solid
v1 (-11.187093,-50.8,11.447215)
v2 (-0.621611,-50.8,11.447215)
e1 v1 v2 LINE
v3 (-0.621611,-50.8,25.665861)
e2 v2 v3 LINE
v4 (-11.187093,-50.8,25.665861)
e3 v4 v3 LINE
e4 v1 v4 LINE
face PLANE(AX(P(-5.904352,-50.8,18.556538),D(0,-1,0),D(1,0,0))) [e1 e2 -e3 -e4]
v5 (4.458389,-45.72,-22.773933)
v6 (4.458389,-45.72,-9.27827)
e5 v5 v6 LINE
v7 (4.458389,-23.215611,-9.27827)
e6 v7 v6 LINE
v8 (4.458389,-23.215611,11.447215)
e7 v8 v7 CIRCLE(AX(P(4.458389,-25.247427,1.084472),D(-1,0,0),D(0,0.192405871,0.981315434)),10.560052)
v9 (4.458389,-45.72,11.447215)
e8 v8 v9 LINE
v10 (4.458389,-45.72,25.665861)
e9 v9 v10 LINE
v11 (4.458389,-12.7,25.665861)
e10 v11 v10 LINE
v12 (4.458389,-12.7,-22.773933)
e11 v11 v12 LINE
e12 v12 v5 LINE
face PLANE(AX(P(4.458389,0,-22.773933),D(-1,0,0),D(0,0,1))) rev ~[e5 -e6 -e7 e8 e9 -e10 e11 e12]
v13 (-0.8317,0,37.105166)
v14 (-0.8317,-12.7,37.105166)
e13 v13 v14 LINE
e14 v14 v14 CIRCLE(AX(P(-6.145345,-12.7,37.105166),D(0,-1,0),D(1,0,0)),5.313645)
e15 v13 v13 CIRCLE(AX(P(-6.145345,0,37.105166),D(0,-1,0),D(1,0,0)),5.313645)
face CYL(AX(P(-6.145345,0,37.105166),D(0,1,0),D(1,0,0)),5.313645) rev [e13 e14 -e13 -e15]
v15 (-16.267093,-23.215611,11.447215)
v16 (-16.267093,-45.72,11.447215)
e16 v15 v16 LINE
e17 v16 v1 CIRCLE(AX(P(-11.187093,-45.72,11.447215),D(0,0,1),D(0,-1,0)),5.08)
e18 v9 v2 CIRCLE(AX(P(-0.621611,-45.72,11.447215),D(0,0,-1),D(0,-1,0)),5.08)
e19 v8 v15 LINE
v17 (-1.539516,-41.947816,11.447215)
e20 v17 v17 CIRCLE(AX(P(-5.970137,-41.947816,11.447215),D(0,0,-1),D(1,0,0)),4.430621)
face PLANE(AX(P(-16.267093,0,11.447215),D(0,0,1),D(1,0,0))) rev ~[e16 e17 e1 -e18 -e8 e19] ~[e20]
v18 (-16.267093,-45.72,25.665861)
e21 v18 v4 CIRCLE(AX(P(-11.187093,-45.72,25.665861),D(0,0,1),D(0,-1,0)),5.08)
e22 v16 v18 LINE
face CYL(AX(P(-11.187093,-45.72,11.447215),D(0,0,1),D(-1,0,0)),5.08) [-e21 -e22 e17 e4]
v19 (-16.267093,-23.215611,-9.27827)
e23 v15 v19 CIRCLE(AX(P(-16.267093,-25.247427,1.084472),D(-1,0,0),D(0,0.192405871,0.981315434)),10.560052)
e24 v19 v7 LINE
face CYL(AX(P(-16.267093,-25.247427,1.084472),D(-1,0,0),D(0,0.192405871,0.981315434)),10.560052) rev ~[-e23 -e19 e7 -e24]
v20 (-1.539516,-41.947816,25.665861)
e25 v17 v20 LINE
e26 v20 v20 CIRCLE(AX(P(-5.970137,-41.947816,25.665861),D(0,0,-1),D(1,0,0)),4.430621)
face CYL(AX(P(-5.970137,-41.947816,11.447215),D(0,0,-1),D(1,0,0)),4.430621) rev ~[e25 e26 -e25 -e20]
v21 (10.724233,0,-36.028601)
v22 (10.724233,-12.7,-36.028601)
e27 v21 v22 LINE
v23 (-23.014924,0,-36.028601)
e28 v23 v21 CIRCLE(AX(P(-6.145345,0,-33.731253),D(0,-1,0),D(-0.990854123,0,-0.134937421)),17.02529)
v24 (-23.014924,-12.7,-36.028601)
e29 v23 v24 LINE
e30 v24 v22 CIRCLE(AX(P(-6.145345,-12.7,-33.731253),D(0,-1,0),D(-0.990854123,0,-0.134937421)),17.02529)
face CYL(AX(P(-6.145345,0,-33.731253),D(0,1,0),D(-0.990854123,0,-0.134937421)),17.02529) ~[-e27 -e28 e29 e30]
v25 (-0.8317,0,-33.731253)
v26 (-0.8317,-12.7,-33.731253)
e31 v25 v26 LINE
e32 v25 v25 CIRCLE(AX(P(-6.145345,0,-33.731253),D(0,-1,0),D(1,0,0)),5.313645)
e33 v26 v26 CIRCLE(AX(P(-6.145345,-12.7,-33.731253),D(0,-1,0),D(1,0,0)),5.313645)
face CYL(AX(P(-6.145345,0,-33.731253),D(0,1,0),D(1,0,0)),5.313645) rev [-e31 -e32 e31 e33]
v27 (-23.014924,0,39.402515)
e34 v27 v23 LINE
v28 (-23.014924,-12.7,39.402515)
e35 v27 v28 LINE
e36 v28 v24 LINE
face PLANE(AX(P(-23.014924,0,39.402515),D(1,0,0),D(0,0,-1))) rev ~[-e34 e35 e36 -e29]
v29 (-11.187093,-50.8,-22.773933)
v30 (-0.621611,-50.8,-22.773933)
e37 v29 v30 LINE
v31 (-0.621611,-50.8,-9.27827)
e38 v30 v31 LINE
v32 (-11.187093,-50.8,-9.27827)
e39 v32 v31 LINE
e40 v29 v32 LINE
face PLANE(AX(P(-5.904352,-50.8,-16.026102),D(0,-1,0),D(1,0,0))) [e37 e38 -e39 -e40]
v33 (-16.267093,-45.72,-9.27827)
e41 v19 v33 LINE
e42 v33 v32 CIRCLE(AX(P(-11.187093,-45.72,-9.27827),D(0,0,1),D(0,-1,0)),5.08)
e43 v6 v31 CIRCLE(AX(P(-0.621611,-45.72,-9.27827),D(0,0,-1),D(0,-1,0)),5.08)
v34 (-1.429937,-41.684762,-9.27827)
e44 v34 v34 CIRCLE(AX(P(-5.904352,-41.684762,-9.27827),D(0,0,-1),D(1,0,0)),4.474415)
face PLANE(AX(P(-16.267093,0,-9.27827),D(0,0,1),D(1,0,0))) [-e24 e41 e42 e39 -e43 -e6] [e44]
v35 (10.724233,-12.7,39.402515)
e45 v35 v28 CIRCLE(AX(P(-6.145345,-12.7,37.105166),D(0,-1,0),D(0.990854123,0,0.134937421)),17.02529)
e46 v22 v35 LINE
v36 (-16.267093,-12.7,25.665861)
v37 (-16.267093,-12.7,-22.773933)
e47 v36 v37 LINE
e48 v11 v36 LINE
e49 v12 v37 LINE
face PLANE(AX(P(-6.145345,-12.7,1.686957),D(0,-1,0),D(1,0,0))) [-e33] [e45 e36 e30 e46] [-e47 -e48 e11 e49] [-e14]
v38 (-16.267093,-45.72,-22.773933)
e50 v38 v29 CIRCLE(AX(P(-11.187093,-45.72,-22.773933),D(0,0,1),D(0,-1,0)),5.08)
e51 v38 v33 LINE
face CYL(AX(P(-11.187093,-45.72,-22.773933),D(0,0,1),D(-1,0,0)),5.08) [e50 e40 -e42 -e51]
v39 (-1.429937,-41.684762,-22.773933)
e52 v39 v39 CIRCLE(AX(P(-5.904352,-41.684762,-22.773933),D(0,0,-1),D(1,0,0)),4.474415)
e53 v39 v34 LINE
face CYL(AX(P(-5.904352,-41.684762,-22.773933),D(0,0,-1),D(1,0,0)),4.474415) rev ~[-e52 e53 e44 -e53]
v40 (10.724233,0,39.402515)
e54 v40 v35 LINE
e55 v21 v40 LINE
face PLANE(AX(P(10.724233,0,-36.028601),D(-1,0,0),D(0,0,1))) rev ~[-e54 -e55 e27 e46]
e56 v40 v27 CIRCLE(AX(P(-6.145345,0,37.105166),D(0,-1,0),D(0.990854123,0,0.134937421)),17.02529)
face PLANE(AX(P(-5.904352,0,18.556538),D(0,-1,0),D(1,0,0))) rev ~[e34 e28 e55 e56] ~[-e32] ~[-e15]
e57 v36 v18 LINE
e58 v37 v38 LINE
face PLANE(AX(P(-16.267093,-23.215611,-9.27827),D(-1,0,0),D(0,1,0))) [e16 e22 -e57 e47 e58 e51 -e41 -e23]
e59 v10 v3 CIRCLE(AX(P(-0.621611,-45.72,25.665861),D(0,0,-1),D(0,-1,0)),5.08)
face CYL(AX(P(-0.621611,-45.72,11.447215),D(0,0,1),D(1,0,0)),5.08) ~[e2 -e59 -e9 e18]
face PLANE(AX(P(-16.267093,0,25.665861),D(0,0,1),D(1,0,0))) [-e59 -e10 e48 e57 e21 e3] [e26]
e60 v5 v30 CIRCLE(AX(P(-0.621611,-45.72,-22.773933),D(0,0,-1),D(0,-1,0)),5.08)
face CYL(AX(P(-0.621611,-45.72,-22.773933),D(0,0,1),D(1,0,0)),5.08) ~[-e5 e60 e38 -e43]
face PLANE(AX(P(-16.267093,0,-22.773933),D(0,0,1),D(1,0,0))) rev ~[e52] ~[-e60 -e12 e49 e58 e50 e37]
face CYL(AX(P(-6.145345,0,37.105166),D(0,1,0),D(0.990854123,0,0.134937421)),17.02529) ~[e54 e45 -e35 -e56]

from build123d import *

# Parameters (mm, degrees)
F0_R      = 5.3136453871
F1_DEPTH  = 12.7
F2_W      = 20.7254816778
F2_H      = 14.2186461017
F2_H_2    = 13.4956622496
F3_DEPTH  = 50.8
F4_R      = 5.08
F5_R      = 4.4744147094
F6_DEPTH  = 25.4
F7_R      = 4.4306212016
F8_DEPTH  = 25.4
F9_W      = 20.7254816778
F9_H      = 10.515610534
F10_DEPTH = 25.4
F12_DEPTH = 25.4


with BuildPart() as f1:
    # F0 (on Front) → F1 (new body)
    with BuildSketch(Plane.XZ):
        with BuildLine():
            ThreePointArc((10.7242334634, 39.4025146961), (-6.1453450471, 54.1304557314), (-23.0149235576, 39.4025146961))
            Line((-23.0149235576, 39.4025146961), (-23.0149235576, -36.0286012292))
            ThreePointArc((-23.0149235576, -36.0286012292), (-6.1453450471, -50.7565422645), (10.7242334634, -36.0286012292))
            Line((10.7242334634, -36.0286012292), (10.7242334634, 39.4025146961))
        make_face()
        with Locations((-6.1453450471, -33.7312525427)):
            Circle(F0_R, mode=Mode.SUBTRACT)
        with Locations((-6.1453450471, 37.1051660096)):
            Circle(F0_R, mode=Mode.SUBTRACT)
    extrude(amount=F1_DEPTH)

    # F2 (on Front) → F3 (join)
    with BuildSketch(Plane.XZ):
        with Locations((-5.9043520596, 18.5565375723)):
            Rectangle(F2_W, F2_H)
        with Locations((-5.9043520596, -16.0261015408)):
            Rectangle(F2_W, F2_H_2)
    extrude(amount=F3_DEPTH)

    # F4
    f4_edges = [f1.edges().sort_by_distance(p)[0] for p in [
        (4.458389, -50.8, 18.556538),
        (-16.267093, -50.8, 18.556538),
        (4.458389, -50.8, -16.026102),
        (-16.267093, -50.8, -16.026102),
    ]]
    fillet(f4_edges, radius=F4_R)

    # F5 (on face) → F6 (cut)
    with BuildSketch(Plane(origin=(0, 0, -22.7739326656), x_dir=(1, 0, 0), z_dir=(0, 0, -1))):
        with Locations((-5.9043520596, 41.6847616434)):
            Circle(F5_R)
    extrude(amount=-F6_DEPTH, mode=Mode.SUBTRACT)

    # F7 (on face) → F8 (cut)
    with BuildSketch(Plane(origin=(0, 0, 11.4472145215), x_dir=(1, 0, 0), z_dir=(0, 0, -1))):
        with Locations((-5.9701367281, 41.9478155673)):
            Circle(F7_R)
    extrude(amount=-F8_DEPTH, mode=Mode.SUBTRACT)

    # F9 (on face) → F10 (join)
    with BuildSketch(Plane.XY.offset(-9.278270416)):
        with Locations((-5.9043520596, -17.957805267)):
            Rectangle(F9_W, F9_H)
    extrude(amount=F10_DEPTH)

    # F11 (on face) → F12 (cut)
    with BuildSketch(Plane(origin=(-16.2670928985, 0, 0), x_dir=(0, -1, 0), z_dir=(-1, 0, 0))):
        with BuildLine():
            Line((23.215610534, -9.278270416), (23.215610534, 11.4472145215))
            ThreePointArc((23.215610534, 11.4472145215), (14.6873741611, 1.0844720528), (23.215610534, -9.278270416))
        make_face()
    extrude(amount=-F12_DEPTH, mode=Mode.SUBTRACT)


solid = f1.part
